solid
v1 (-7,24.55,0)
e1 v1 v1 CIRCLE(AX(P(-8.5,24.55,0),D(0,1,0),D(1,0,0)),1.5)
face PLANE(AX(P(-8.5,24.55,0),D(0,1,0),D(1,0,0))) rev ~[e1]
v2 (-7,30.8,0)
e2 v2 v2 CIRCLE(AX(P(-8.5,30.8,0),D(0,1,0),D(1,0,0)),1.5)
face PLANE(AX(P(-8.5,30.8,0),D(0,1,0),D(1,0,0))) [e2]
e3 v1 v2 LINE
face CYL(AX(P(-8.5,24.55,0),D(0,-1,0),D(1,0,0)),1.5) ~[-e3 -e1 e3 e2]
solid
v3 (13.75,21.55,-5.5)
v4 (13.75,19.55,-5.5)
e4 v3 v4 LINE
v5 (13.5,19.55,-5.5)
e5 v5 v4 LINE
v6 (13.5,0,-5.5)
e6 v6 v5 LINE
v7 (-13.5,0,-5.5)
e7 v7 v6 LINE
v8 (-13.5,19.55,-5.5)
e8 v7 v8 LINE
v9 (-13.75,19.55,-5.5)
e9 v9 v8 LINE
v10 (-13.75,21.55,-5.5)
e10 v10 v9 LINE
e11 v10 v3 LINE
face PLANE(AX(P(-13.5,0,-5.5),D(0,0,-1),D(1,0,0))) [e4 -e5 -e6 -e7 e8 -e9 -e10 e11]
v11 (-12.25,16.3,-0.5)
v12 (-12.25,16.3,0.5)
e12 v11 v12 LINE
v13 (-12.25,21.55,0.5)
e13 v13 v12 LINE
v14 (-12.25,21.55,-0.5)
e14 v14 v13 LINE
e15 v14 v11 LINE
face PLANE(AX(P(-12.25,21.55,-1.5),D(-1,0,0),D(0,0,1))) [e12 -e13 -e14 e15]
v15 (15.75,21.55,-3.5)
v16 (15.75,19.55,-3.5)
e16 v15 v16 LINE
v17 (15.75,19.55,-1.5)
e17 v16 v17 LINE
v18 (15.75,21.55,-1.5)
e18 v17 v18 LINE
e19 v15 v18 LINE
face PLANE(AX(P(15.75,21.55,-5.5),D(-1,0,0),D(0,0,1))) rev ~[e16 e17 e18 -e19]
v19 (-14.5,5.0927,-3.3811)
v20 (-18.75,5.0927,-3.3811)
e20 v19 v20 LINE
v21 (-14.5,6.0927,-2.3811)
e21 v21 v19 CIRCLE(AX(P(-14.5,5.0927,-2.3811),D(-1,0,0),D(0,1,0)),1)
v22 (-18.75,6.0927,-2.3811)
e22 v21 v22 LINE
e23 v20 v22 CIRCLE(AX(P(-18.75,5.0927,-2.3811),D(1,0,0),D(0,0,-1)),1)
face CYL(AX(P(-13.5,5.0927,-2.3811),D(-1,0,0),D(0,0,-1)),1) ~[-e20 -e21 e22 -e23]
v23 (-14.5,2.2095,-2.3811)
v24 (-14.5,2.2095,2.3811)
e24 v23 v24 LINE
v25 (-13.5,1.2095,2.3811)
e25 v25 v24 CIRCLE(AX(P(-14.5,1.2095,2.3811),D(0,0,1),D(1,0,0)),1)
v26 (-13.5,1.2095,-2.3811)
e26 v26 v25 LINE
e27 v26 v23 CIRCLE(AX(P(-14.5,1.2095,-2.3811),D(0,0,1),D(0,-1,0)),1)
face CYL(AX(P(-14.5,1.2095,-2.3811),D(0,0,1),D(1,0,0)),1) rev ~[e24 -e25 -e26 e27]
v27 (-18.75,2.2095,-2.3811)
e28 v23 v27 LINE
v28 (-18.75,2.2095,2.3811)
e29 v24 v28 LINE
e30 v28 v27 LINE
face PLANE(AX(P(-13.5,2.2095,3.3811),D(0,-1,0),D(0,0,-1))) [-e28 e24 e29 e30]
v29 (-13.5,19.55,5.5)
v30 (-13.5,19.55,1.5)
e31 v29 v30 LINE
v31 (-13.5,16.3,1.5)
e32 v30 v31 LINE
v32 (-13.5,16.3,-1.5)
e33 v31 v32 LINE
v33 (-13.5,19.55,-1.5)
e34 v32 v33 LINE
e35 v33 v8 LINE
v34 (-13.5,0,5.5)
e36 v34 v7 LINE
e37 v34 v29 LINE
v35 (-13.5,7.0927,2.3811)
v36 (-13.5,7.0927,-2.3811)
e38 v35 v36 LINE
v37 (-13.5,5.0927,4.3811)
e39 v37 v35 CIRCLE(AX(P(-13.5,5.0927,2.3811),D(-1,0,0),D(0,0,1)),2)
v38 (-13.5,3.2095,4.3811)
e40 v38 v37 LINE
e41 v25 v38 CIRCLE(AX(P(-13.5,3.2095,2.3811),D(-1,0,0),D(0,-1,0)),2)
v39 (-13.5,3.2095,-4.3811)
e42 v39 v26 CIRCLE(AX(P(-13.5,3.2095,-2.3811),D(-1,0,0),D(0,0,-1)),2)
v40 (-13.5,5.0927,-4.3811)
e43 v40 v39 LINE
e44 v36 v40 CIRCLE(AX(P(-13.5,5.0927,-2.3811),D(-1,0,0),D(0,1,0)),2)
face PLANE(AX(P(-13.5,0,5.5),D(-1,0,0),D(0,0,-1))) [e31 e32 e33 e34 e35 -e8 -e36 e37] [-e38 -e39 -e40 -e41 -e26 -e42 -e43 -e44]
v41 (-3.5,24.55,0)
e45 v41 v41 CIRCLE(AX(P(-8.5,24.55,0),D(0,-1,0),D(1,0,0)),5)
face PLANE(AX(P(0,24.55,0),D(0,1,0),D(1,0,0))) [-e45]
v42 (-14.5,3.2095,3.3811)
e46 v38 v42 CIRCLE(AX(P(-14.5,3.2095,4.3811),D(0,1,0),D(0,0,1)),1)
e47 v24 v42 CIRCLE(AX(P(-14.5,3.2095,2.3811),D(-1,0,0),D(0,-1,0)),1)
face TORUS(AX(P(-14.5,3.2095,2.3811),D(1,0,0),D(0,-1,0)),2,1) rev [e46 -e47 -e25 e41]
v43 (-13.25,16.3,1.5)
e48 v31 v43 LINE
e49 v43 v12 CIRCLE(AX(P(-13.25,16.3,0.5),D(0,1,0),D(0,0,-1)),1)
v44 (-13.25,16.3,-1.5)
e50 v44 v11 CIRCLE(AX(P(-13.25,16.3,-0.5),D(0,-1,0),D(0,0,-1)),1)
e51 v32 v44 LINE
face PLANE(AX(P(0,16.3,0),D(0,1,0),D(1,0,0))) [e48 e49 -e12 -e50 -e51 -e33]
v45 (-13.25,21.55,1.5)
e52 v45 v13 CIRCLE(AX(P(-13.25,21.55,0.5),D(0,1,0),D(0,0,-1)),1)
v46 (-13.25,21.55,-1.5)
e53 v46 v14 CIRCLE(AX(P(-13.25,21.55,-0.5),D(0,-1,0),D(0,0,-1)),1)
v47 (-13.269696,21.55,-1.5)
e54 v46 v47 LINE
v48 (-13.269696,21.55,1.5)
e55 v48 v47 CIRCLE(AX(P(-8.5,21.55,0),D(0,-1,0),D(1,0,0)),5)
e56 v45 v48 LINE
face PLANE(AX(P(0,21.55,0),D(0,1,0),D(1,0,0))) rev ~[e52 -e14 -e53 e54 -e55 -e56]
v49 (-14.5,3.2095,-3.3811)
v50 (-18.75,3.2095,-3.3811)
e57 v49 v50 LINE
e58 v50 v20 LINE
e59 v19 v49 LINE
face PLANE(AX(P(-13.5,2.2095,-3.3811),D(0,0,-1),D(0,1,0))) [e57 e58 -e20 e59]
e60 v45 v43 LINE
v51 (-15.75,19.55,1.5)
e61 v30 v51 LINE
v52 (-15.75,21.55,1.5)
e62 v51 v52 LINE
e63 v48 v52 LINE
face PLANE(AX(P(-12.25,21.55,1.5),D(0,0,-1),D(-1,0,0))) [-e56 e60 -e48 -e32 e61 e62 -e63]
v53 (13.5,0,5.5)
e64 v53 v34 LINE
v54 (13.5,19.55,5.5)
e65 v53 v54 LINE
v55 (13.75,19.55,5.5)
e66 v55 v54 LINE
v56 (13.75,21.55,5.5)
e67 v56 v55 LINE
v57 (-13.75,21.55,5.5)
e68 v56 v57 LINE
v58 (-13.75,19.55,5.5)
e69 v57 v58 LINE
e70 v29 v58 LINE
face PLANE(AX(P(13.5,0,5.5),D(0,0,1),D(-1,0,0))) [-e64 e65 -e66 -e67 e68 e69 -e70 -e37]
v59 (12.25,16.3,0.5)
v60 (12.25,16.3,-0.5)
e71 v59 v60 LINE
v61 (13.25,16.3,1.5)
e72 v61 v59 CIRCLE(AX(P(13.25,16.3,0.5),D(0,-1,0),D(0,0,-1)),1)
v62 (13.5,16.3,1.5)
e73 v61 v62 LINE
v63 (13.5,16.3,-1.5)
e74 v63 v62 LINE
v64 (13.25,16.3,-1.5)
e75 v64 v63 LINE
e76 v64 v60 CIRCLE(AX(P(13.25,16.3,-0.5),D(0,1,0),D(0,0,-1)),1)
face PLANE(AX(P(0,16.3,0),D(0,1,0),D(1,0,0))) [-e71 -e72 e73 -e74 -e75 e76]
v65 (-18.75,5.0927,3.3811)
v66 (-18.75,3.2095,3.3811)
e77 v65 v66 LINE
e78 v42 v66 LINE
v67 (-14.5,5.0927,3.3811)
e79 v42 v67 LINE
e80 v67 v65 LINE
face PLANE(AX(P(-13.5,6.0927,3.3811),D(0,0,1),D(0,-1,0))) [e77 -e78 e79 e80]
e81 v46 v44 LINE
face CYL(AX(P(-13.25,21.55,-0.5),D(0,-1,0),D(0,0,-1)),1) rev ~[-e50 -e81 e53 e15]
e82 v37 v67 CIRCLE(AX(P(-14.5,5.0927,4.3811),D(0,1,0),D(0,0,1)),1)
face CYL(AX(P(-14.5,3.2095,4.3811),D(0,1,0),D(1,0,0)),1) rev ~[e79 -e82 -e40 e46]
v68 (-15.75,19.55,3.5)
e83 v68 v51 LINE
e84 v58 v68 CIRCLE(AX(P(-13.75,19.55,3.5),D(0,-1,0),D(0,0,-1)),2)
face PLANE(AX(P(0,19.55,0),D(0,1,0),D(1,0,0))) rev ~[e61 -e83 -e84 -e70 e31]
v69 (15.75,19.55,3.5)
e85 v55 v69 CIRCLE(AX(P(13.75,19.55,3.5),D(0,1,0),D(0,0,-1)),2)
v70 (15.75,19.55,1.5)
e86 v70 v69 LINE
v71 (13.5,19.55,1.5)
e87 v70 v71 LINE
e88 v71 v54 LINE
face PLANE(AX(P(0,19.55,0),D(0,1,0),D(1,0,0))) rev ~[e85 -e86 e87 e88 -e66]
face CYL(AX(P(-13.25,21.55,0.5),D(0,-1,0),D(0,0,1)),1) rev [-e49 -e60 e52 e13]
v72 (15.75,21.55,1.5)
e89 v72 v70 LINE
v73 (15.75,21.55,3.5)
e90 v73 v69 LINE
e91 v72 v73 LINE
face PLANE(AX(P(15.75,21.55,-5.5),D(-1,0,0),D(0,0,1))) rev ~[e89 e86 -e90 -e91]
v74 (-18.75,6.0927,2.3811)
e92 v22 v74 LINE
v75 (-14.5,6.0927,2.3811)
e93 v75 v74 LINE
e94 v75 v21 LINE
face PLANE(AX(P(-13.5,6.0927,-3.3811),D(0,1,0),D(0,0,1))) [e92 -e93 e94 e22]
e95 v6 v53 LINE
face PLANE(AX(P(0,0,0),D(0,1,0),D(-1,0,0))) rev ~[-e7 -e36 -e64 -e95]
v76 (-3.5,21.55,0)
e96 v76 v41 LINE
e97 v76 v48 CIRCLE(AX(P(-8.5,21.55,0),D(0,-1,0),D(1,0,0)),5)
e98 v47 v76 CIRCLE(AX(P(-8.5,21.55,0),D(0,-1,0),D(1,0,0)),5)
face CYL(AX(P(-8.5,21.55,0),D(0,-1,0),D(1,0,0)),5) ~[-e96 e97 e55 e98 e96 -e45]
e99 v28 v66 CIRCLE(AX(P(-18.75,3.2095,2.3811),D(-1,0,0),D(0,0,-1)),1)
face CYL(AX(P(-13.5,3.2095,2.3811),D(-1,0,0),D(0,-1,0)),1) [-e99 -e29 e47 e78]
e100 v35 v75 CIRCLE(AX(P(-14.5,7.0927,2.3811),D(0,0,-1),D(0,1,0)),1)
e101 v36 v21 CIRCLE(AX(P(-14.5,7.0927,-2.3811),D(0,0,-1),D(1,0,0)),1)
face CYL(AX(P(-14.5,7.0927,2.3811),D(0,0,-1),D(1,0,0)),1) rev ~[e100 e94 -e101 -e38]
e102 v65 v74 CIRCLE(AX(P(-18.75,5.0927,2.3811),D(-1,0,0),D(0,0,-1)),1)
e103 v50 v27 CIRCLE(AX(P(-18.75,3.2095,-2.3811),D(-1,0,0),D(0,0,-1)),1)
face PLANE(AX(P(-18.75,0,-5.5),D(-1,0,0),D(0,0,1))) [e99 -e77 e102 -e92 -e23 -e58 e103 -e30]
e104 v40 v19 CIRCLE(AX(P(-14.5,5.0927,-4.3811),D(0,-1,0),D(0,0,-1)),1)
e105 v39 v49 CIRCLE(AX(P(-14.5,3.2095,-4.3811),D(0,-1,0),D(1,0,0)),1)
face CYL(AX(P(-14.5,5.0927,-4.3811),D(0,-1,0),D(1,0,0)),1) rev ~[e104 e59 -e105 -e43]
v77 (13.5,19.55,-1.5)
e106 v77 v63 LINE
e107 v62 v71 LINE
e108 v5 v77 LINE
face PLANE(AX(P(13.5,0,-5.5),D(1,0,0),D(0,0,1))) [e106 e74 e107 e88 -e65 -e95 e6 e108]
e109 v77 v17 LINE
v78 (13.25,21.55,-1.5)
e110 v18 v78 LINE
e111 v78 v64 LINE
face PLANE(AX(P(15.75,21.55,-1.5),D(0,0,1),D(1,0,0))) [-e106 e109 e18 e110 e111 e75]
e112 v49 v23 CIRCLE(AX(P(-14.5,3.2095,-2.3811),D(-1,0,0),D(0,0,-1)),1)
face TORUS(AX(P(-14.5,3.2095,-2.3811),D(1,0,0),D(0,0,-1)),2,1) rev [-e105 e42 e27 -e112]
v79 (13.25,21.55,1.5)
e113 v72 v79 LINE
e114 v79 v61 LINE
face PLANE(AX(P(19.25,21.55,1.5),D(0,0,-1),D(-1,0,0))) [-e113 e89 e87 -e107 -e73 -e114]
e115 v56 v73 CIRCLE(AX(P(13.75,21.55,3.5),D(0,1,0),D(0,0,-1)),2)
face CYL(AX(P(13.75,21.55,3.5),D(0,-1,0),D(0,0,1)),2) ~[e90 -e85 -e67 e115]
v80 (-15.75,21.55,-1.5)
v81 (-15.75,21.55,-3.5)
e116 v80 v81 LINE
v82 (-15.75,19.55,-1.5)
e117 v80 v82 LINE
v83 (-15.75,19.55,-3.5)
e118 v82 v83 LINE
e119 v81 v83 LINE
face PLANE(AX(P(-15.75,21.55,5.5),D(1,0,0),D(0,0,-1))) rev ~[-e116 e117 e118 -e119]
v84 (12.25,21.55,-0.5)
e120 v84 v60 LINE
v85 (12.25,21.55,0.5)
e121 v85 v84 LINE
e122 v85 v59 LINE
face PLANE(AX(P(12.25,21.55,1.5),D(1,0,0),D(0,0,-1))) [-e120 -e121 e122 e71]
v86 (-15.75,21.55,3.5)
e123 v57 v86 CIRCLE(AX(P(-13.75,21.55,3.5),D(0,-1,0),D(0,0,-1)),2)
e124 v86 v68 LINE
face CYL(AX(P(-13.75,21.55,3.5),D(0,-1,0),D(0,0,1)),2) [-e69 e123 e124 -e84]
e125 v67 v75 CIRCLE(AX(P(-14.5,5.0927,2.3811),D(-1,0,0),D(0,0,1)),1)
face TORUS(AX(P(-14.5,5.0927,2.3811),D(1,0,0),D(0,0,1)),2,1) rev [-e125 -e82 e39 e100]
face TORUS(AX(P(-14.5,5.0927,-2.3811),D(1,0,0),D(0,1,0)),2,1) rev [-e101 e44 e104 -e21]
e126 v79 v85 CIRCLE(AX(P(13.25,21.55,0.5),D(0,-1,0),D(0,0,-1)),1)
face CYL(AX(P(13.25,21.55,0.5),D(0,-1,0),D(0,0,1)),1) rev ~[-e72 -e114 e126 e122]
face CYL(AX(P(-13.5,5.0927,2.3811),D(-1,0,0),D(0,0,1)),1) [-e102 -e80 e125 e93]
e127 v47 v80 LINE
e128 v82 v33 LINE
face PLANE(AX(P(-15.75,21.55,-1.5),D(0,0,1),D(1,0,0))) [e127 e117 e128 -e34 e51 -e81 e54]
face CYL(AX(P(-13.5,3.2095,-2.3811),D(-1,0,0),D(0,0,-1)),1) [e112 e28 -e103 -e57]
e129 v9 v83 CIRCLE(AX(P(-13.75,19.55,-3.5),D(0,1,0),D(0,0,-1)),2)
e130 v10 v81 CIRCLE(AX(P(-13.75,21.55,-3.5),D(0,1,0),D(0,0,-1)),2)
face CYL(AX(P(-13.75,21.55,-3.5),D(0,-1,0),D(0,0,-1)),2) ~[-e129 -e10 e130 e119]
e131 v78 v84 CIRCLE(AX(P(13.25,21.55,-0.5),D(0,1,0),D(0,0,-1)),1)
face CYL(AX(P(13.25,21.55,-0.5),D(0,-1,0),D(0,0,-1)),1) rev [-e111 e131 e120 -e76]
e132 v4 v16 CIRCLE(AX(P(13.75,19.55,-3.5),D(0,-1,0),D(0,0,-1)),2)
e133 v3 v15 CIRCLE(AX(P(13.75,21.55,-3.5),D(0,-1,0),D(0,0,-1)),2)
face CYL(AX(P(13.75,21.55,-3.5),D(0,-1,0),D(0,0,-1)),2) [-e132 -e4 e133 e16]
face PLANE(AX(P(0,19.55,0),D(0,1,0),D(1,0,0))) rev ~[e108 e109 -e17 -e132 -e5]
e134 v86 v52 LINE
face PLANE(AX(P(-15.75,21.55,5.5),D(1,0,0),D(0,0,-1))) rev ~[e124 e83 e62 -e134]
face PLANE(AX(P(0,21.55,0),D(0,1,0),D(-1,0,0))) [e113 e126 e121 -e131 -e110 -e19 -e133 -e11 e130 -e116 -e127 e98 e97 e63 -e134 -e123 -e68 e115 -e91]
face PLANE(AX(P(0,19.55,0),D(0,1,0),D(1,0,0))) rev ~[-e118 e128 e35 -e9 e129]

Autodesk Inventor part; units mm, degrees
ref_plane "YZ Plane" through (0, 0, 0) normal (1, 0, 0) x (0, 1, 0)
ref_plane "XZ Plane" through (0, 0, 0) normal (0, 1, 0) x (-1, 0, 0)
ref_plane "XY Plane" through (0, 0, 0) normal (0, 0, 1) x (1, 0, 0)
sketch "Skizze1" plane through (0, 0, 0) normal (0, 1, 0) x (-1, 0, 0)
  line L0 (-13.5, 5.5) -> (13.5, 5.5)
  line L1 (13.5, 5.5) -> (13.5, -5.5)
  line L2 (13.5, -5.5) -> (-13.5, -5.5)
  line L3 (-13.5, -5.5) -> (-13.5, 5.5)
  line L4 (-13.5, 5.5) -> (13.5, -5.5) construction
  line L5 (13.5, 5.5) -> (-13.5, -5.5) construction
  point P0 (0, 0)
  dimension "d0" = 27
  dimension "d1" = 11
extrude "Extrusion1" add sketch "Skizze1" along normal blind 21.55
sketch "Skizze2" plane through (0, 21.55, 0) normal (0, 1, 0) x (1, 0, 0)
  line L0 (15.75, -5.5) -> (-15.75, -5.5)
  line L1 (-15.75, -5.5) -> (-15.75, 5.5)
  line L2 (-15.75, 5.5) -> (15.75, 5.5)
  line L3 (15.75, 5.5) -> (15.75, -5.5)
  line L4 (15.75, -5.5) -> (-15.75, 5.5) construction
  line L5 (-15.75, -5.5) -> (15.75, 5.5) construction
  line L6 (13.5, 5.5) -> (-13.5, 5.5) projected
  point P0 (0, 0)
  dimension "d4" = 31.5
extrude "Extrusion2" add sketch "Skizze2" against normal blind 2
fillet "Rundung1" radius 2 4 edges at (-15.75, 20.55, 5.5) (15.75, 20.55, 5.5) (15.75, 20.55, -5.5) (-15.75, 20.55, -5.5)
sketch "Skizze3" plane through (0, 21.55, 0) normal (0, 1, 0) x (1, 0, 0)
  circle A0 centre (-8.5, 0) radius 5
  line L0 (-13.5, -5.5) -> (-13.5, 5.5) projected
  point P0 (0, 0)
  dimension "d8" = 5
  dimension "d9" = 10
extrude "Extrusion3" add sketch "Skizze3" along normal blind 3
sketch "Skizze4" plane through (-8.5, 24.55, 0) normal (0, 1, 0) x (1, 0, 0)
  circle A0 centre (0, 0) radius 1.5
  circle A1 centre (0, 0) radius 5 projected
  point P0 (8.5, 0)
  dimension "d12" = 3
extrude "Extrusion4" add sketch "Skizze4" along normal blind 6.25 separate body contours A0
sketch "Skizze5" plane through (0, 21.55, 0) normal (0, 1, 0) x (1, 0, 0)
  line L0 (19.25, -1.5) -> (12.25, -1.5)
  line L1 (12.25, -1.5) -> (12.25, 1.5)
  line L2 (12.25, 1.5) -> (19.25, 1.5)
  line L3 (19.25, 1.5) -> (19.25, -1.5)
  line L4 (15.75, -3.5) -> (15.75, 3.5) projected
  line L5 (19.25, -1.5) -> (12.25, 1.5) construction
  line L6 (12.25, -1.5) -> (19.25, 1.5) construction
  line L7 (-12.25, -1.5) -> (-19.25, -1.5)
  line L8 (-19.25, -1.5) -> (-19.25, 1.5)
  line L9 (-19.25, 1.5) -> (-12.25, 1.5)
  line L10 (-12.25, 1.5) -> (-12.25, -1.5)
  line L11 (-15.75, -3.5) -> (-15.75, 3.5) projected
  line L12 (-12.25, -1.5) -> (-19.25, 1.5) construction
  line L13 (-19.25, -1.5) -> (-12.25, 1.5) construction
  point P0 (0, 0)
  point P1 (15.75, 0)
  point P2 (-15.75, 0)
  dimension "d15" = 3
  dimension "d16" = 3
  dimension "d17" = 3.5
  dimension "d18" = 3.5
extrude "Extrusion5" cut sketch "Skizze5" against normal blind 5.25 bodies 1
fillet "Rundung2" radius 1 4 edges at (-12.25, 18.925, 1.5) (-12.25, 18.925, -1.5) (12.25, 18.925, 1.5) (12.25, 18.925, -1.5)
sketch "Skizze6" plane through (-13.5, 0, -5.5) normal (-1, 0, 0) x (0, 0, 1)
  line L0 (2.1189, 6.0927) -> (8.8811, 6.0927)
  line L1 (8.8811, 6.0927) -> (8.8811, 2.2095)
  line L2 (8.8811, 2.2095) -> (2.1189, 2.2095)
  line L3 (2.1189, 2.2095) -> (2.1189, 6.0927)
  line L4 (2.1189, 6.0927) -> (8.8811, 2.2095) construction
  line L5 (8.8811, 6.0927) -> (2.1189, 2.2095) construction
  point P0 (5.5, 0)
  point P1 (5.5, 4.1511)
extrude "Extrusion6" add sketch "Skizze6" along normal blind 5.25 bodies 1
fillet "Rundung3" radius 1 4 edges at (-16.125, 6.0927, -3.3811) (-16.125, 2.2095, -3.3811) (-16.125, 2.2095, 3.3811) (-16.125, 6.0927, 3.3811)
fillet "Rundung4" radius 1 8 edges at (-13.5, 5.7998, 3.0882) (-13.5, 4.1511, 3.3811) (-13.5, 2.5023, 3.0882) (-13.5, 2.2095, 0) (-13.5, 2.5023, -3.0882) (-13.5, 4.1511, -3.3811) (-13.5, 5.7998, -3.0882) (-13.5, 6.0927, 0)
properties part number "P_Servo_SIMPROP_27x12"
